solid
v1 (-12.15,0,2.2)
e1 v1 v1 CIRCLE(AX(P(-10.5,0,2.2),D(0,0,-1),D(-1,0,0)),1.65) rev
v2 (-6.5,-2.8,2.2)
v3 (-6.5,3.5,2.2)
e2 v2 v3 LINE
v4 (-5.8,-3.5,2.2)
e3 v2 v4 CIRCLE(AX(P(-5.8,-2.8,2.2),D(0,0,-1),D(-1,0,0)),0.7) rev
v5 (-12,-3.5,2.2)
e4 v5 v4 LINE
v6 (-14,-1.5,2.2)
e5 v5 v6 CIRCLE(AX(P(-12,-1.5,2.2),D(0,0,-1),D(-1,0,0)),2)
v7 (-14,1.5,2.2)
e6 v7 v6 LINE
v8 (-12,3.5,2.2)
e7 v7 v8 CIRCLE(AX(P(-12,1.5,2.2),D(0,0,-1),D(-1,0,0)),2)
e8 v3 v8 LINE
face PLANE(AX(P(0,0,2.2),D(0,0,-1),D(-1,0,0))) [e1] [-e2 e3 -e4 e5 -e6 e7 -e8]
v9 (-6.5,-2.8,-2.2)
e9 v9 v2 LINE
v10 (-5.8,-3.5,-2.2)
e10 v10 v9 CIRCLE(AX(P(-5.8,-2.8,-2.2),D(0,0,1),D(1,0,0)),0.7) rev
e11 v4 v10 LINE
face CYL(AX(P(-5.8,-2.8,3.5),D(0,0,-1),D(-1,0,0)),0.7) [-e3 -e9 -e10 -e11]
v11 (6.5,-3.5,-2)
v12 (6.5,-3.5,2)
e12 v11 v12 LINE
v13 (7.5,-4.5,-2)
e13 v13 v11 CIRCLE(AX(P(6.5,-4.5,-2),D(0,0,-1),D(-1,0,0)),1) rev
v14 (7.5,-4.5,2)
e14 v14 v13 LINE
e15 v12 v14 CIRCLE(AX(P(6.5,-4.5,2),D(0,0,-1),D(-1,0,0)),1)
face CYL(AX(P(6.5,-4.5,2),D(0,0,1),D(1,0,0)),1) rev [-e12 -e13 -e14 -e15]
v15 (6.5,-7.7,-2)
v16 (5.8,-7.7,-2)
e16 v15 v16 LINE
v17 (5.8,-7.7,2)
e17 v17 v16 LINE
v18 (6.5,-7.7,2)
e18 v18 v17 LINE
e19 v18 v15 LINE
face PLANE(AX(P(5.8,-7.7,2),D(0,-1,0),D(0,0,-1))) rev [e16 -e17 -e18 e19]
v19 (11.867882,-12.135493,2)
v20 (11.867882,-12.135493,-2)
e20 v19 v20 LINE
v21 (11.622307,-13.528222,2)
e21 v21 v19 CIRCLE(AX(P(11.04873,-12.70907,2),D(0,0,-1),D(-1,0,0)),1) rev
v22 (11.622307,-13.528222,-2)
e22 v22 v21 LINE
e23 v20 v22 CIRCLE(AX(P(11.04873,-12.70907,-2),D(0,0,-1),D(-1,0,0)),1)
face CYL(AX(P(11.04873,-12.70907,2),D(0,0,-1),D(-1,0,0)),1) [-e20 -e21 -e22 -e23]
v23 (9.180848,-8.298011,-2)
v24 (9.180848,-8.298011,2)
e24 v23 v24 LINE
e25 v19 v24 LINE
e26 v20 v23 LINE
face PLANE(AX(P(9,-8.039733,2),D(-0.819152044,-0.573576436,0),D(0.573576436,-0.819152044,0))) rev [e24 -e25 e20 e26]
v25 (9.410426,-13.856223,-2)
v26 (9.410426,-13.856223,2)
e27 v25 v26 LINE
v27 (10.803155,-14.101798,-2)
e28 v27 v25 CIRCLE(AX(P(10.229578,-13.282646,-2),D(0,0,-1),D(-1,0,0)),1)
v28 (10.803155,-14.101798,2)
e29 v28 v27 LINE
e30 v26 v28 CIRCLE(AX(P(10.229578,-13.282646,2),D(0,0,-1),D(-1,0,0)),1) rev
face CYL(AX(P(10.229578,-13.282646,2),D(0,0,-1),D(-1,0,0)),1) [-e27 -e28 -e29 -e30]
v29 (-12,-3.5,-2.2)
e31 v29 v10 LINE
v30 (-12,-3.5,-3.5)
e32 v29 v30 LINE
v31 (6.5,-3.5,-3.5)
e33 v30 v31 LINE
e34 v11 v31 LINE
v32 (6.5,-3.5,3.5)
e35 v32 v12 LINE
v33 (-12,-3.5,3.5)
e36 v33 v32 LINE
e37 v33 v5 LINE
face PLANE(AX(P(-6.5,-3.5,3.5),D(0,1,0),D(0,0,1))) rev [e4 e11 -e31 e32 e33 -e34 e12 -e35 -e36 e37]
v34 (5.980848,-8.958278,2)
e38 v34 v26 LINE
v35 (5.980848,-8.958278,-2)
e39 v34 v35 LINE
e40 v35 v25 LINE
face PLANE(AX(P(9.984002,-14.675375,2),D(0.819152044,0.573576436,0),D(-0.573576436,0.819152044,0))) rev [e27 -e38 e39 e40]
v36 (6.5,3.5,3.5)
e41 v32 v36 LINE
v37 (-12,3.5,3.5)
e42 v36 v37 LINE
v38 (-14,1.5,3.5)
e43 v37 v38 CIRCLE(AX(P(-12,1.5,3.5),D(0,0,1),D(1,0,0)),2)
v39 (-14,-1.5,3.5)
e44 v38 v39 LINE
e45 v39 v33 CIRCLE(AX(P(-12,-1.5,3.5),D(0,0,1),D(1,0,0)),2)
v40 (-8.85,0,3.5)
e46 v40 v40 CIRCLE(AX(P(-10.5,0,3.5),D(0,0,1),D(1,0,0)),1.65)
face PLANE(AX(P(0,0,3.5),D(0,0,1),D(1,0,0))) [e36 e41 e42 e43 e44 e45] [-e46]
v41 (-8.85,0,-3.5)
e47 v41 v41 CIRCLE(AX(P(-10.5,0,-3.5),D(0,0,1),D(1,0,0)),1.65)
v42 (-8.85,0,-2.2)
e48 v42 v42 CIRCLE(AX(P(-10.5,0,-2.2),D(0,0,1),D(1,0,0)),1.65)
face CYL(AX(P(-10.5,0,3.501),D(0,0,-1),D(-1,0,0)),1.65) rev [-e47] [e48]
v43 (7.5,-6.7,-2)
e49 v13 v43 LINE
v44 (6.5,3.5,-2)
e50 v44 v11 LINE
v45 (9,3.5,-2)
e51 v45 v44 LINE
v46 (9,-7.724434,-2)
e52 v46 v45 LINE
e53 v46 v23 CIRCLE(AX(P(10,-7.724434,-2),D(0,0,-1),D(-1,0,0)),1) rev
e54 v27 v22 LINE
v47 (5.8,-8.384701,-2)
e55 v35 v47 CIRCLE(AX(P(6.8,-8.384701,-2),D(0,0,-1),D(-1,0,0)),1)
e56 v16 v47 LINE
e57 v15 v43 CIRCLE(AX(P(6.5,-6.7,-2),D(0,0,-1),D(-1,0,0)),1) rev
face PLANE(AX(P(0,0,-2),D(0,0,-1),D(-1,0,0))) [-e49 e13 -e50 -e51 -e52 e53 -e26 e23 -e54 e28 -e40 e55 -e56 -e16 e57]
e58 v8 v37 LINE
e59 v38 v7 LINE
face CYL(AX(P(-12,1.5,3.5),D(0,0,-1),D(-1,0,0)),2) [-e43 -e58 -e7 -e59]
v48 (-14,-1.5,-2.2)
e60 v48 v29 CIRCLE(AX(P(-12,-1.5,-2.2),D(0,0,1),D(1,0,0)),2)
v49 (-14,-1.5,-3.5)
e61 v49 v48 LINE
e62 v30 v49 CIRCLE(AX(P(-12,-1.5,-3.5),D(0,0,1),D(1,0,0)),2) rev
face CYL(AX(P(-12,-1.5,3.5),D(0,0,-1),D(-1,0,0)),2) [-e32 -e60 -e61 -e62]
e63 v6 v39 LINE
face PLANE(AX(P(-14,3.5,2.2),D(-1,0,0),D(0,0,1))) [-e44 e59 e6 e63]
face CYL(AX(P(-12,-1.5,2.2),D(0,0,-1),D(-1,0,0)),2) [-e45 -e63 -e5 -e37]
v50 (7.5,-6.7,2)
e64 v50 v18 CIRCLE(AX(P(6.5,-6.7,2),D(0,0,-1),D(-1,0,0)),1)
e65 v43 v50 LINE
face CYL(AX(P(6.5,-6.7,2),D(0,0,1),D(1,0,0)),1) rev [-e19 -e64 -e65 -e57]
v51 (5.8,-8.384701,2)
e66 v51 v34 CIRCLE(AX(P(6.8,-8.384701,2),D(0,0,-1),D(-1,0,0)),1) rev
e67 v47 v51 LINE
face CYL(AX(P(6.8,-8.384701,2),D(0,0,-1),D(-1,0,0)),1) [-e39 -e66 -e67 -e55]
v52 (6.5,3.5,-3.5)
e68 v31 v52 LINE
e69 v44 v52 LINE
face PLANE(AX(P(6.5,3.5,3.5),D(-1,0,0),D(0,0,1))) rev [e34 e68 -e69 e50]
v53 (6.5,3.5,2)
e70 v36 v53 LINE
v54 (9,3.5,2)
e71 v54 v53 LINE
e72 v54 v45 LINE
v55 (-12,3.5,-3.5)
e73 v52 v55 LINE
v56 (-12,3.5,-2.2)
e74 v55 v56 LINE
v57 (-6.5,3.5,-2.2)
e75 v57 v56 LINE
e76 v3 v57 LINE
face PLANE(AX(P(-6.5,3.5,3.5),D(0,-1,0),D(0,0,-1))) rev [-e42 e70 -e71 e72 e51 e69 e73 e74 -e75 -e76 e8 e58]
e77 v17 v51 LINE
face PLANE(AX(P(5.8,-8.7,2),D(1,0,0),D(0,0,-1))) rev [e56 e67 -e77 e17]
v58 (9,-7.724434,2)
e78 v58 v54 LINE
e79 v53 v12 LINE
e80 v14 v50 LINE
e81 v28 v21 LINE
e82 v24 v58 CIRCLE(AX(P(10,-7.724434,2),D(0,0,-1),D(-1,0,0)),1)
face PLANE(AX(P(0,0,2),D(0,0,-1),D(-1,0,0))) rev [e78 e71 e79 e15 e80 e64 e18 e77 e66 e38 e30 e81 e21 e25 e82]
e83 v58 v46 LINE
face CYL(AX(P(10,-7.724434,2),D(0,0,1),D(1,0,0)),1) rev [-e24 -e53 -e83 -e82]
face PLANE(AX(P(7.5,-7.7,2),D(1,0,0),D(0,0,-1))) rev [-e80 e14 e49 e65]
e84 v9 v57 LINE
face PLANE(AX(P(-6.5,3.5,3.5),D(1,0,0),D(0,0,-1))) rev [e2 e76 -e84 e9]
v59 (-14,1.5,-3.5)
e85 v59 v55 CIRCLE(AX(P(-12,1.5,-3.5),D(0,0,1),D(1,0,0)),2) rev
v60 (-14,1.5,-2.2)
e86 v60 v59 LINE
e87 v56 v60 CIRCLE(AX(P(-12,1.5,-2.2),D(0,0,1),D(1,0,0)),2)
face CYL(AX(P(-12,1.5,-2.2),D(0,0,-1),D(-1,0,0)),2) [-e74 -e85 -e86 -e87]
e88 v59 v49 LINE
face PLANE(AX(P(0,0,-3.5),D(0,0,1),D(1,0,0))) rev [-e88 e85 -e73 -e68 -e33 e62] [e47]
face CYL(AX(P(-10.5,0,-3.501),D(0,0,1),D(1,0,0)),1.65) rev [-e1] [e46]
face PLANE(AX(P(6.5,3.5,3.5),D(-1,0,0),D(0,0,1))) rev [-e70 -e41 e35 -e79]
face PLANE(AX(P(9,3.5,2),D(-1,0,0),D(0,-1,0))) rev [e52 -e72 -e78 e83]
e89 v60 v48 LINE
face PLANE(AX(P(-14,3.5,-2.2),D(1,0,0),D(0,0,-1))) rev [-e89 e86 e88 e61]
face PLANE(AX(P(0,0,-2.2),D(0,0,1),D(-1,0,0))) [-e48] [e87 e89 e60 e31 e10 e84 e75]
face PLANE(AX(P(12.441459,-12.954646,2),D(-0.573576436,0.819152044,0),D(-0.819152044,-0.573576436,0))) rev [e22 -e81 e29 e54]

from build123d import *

# Parameters (mm, degrees)
SKETCH1_W           = 13
SKETCH1_H           = 7
BOSS_EXTRUDE1_DEPTH = 3.5
SKETCH3_W           = 7.5
SKETCH3_H           = 7
BOSS_EXTRUDE2_DEPTH = 1.3
CUT_EXTRUDE2_REACH  = 18.039
SKETCH4_R           = 1.65
FILLET3_R           = 0.7
FILLET4_R           = 2
BOSS_EXTRUDE4_DEPTH = 2
FILLET5_R           = 1


with BuildPart() as part:
    # Sketch1 → Boss-Extrude1 (new, symmetric)
    with BuildSketch(Plane.XY):
        Rectangle(SKETCH1_W, SKETCH1_H)
    extrude(amount=BOSS_EXTRUDE1_DEPTH, both=True)

    # Sketch3 → Boss-Extrude2 (add)
    with BuildSketch(Plane.XY.offset(3.5)):
        with Locations((-10.25, 0)):
            Rectangle(SKETCH3_W, SKETCH3_H)
    boss_extrude2 = extrude(amount=-BOSS_EXTRUDE2_DEPTH)

    # Sketch4 → Cut-Extrude2 (cut, up to next)
    with BuildSketch(Plane.XY.offset(3.5), mode=Mode.PRIVATE) as cut_extrude2_sk1:
        with Locations((-10.5, 0)):
            Circle(SKETCH4_R)
    cut_extrude2_tool1 = extrude(cut_extrude2_sk1.sketch, amount=-CUT_EXTRUDE2_REACH, mode=Mode.PRIVATE) & part.part
    cut_extrude2 = cut_extrude2_tool1.solids().sort_by_distance((-10.5, 0, 3.5))[0]
    add(cut_extrude2, mode=Mode.SUBTRACT)

    # Mirror1: Boss-Extrude2, Cut-Extrude2 across plane
    add(boss_extrude2.mirror(Plane.XY))
    add(cut_extrude2.mirror(Plane.XY), mode=Mode.SUBTRACT)

    # Fillet3
    fillet3_edges = [part.edges().sort_by_distance(p)[0] for p in [
        (-6.5, -3.5, 0),
    ]]
    fillet(fillet3_edges, radius=FILLET3_R)

    # Fillet4
    fillet4_edges = [part.edges().sort_by_distance(p)[0] for p in [
        (-14, -3.5, 2.85),
        (-14, 3.5, 2.85),
        (-14, 3.5, -2.85),
        (-14, -3.5, -2.85),
    ]]
    fillet(fillet4_edges, radius=FILLET4_R)

    # Sketch6 → Boss-Extrude4 (add, symmetric)
    with BuildSketch(Plane.XY):
        Polygon((6.5, 3.5), (9, 3.5), (9, -8.039733235), (12.441458618, -12.9546455), (9.984002485, -14.675374809), (5.8, -8.7), (5.8, -7.7), (7.5, -7.7), (7.5, -3.5), (6.5, -3.5), align=None)
    extrude(amount=BOSS_EXTRUDE4_DEPTH, both=True)

    # Fillet5
    fillet5_edges = [part.edges().sort_by_distance(p)[0] for p in [
        (7.5, -3.5, 0),
        (7.5, -7.7, 0),
        (5.8, -8.7, 0),
        (9.984002485, -14.675374809, 0),
        (12.441458618, -12.9546455, 0),
        (9, -8.039733235, 0),
    ]]
    fillet(fillet5_edges, radius=FILLET5_R)


solid = part.part
